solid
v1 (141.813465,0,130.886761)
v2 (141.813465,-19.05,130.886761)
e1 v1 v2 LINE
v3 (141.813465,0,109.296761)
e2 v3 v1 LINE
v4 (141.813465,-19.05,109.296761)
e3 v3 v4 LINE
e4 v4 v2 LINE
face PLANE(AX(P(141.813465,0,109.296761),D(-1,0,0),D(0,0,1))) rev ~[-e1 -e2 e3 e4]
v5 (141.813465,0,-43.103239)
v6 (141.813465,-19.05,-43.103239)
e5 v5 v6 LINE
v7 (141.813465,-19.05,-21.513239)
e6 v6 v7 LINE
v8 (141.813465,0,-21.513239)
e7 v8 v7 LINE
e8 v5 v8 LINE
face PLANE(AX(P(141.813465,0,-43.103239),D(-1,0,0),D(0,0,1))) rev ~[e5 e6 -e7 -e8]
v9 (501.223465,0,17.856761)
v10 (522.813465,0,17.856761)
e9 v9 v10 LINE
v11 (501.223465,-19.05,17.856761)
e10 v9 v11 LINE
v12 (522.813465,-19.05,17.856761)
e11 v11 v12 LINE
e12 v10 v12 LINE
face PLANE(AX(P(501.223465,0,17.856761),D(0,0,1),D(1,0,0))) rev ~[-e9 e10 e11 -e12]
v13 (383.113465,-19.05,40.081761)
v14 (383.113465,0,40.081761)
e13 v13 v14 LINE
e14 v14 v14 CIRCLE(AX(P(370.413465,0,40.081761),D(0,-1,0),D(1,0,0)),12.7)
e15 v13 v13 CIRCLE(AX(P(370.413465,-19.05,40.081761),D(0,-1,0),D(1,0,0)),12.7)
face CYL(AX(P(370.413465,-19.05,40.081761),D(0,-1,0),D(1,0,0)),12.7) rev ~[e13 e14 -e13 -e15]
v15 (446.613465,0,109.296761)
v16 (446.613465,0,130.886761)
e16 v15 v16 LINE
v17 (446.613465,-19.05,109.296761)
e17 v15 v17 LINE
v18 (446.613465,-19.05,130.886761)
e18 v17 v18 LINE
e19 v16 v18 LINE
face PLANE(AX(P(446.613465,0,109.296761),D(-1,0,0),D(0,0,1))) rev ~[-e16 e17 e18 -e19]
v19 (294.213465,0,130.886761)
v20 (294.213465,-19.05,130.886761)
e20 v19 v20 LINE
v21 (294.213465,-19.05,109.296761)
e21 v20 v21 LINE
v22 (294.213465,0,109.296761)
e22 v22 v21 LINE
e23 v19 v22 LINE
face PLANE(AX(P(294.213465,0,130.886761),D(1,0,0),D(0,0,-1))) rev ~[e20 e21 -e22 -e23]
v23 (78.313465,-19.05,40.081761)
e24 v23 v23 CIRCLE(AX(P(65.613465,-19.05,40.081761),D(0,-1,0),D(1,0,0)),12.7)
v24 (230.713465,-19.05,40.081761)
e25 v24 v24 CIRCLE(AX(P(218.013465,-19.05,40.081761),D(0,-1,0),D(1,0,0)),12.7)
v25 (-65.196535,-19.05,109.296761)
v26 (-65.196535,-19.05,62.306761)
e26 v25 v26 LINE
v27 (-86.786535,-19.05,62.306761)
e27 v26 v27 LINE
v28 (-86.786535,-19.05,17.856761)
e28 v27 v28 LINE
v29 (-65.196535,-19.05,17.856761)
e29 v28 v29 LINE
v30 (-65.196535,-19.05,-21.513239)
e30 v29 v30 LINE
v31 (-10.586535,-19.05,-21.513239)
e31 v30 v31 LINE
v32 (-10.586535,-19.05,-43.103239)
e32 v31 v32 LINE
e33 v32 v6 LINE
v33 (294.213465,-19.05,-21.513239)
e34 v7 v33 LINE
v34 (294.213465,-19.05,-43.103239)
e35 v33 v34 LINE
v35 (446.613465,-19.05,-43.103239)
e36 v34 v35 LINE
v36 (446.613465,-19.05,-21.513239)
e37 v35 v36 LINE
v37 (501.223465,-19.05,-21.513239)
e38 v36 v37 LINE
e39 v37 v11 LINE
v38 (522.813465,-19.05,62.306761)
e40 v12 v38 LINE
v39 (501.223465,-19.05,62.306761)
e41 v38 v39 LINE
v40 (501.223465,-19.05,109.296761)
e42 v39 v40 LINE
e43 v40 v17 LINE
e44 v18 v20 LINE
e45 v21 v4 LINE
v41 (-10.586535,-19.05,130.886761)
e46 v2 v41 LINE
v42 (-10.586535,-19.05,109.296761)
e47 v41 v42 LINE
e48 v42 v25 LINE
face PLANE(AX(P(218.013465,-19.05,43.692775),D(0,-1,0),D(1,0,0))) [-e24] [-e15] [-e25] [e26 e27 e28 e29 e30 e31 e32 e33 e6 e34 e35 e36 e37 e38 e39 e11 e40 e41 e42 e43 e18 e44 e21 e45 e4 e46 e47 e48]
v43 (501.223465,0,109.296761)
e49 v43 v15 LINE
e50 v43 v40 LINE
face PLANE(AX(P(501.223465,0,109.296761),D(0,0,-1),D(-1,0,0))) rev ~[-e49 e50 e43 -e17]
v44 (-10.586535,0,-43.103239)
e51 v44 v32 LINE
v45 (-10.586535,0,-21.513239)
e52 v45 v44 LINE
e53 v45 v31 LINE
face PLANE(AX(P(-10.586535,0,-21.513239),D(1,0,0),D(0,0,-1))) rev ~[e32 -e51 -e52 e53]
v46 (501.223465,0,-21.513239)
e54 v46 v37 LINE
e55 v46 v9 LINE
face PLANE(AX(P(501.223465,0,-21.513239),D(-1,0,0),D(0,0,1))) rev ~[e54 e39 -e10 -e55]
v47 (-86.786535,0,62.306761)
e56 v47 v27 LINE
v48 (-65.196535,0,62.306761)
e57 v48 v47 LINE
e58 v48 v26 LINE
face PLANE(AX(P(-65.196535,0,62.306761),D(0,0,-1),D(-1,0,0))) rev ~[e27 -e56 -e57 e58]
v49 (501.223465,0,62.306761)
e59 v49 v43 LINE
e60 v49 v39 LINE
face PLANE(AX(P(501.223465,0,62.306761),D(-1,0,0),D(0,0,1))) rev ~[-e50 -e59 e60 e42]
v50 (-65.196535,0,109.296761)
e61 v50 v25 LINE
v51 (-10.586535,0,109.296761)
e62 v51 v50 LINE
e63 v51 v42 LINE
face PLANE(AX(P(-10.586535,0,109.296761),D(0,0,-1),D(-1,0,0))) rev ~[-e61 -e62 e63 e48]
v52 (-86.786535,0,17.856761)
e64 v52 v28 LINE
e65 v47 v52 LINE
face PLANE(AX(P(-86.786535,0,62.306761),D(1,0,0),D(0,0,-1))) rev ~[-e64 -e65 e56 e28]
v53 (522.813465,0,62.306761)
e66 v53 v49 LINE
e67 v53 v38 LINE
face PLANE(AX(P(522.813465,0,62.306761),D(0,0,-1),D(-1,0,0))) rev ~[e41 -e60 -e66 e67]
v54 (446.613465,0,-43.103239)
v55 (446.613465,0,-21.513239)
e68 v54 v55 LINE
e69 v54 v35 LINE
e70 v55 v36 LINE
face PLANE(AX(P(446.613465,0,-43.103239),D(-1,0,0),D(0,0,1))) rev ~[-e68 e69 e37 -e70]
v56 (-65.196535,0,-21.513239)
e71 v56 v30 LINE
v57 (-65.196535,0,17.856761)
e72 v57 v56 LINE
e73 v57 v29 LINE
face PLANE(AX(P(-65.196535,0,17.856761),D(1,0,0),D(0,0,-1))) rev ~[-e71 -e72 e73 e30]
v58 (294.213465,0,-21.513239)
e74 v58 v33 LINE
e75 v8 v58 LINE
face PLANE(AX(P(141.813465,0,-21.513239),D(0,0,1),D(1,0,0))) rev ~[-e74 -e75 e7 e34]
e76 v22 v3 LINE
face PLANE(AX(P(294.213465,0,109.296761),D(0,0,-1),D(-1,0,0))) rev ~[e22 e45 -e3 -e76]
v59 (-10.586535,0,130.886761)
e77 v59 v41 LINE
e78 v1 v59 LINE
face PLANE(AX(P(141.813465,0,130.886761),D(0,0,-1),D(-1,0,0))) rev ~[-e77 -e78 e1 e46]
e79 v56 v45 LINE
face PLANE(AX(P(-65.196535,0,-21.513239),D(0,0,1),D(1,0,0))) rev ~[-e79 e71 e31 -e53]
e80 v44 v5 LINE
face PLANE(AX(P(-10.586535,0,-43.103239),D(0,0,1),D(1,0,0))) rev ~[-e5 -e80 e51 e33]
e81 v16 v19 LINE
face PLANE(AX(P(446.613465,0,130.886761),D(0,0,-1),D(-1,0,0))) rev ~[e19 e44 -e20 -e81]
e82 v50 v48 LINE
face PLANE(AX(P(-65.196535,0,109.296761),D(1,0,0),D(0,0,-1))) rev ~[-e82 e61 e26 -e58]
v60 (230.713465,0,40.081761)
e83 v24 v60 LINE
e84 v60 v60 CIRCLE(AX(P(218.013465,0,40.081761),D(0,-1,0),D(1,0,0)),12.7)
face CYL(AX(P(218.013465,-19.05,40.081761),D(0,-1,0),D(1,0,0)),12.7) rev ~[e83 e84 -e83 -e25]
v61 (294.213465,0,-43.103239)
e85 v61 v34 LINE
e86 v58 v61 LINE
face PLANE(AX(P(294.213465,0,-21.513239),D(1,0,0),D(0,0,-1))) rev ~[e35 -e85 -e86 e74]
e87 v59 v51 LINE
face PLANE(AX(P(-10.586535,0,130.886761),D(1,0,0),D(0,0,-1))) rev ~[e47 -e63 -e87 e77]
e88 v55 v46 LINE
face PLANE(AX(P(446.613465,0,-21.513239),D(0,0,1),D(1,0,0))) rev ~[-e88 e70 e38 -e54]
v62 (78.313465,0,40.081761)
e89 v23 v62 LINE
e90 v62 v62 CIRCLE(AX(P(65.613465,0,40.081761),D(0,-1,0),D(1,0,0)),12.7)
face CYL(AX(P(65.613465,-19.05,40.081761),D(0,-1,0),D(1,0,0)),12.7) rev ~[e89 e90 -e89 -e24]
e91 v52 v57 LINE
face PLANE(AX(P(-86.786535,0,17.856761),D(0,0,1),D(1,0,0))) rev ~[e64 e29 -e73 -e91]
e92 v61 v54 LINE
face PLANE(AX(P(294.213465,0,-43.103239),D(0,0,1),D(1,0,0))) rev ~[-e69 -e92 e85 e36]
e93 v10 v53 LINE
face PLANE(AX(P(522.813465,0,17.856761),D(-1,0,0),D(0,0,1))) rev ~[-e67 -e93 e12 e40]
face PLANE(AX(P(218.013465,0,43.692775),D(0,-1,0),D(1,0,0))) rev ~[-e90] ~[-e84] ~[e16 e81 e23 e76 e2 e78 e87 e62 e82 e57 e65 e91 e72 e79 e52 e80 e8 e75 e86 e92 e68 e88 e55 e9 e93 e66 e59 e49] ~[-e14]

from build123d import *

# Parameters (mm, degrees)
F1_DEPTH = 19.05
F2_R     = 12.7
F3_DEPTH = 19.051


with BuildPart() as f1:
    # F0 (on Front) → F1 (new body)
    with BuildSketch(Plane.XZ):
        Polygon((-86.786535, 62.306761), (-86.786535, 17.856761), (-65.196535, 17.856761), (-65.196535, -21.513239), (-10.586535, -21.513239), (-10.586535, -43.103239), (141.813465, -43.103239), (141.813465, -21.513239), (294.213465, -21.513239), (294.213465, -43.103239), (446.613465, -43.103239), (446.613465, -21.513239), (501.223465, -21.513239), (501.223465, 17.856761), (522.813465, 17.856761), (522.813465, 62.306761), (501.223465, 62.306761), (501.223465, 109.296761), (446.613465, 109.296761), (446.613465, 130.886761), (294.213465, 130.886761), (294.213465, 109.296761), (141.813465, 109.296761), (141.813465, 130.886761), (-10.586535, 130.886761), (-10.586535, 109.296761), (-65.196535, 109.296761), (-65.196535, 62.306761), align=None)
    extrude(amount=F1_DEPTH)

    # F2 (on face) → F3 (cut, through all)
    with BuildSketch(Plane.XZ.offset(19.05)):
        with Locations((65.613465, 40.081761)):
            Circle(F2_R)
        with Locations((218.013465, 40.081761)):
            Circle(F2_R)
        with Locations((370.413465, 40.081761)):
            Circle(F2_R)
    extrude(amount=-F3_DEPTH, mode=Mode.SUBTRACT)


solid = f1.part
